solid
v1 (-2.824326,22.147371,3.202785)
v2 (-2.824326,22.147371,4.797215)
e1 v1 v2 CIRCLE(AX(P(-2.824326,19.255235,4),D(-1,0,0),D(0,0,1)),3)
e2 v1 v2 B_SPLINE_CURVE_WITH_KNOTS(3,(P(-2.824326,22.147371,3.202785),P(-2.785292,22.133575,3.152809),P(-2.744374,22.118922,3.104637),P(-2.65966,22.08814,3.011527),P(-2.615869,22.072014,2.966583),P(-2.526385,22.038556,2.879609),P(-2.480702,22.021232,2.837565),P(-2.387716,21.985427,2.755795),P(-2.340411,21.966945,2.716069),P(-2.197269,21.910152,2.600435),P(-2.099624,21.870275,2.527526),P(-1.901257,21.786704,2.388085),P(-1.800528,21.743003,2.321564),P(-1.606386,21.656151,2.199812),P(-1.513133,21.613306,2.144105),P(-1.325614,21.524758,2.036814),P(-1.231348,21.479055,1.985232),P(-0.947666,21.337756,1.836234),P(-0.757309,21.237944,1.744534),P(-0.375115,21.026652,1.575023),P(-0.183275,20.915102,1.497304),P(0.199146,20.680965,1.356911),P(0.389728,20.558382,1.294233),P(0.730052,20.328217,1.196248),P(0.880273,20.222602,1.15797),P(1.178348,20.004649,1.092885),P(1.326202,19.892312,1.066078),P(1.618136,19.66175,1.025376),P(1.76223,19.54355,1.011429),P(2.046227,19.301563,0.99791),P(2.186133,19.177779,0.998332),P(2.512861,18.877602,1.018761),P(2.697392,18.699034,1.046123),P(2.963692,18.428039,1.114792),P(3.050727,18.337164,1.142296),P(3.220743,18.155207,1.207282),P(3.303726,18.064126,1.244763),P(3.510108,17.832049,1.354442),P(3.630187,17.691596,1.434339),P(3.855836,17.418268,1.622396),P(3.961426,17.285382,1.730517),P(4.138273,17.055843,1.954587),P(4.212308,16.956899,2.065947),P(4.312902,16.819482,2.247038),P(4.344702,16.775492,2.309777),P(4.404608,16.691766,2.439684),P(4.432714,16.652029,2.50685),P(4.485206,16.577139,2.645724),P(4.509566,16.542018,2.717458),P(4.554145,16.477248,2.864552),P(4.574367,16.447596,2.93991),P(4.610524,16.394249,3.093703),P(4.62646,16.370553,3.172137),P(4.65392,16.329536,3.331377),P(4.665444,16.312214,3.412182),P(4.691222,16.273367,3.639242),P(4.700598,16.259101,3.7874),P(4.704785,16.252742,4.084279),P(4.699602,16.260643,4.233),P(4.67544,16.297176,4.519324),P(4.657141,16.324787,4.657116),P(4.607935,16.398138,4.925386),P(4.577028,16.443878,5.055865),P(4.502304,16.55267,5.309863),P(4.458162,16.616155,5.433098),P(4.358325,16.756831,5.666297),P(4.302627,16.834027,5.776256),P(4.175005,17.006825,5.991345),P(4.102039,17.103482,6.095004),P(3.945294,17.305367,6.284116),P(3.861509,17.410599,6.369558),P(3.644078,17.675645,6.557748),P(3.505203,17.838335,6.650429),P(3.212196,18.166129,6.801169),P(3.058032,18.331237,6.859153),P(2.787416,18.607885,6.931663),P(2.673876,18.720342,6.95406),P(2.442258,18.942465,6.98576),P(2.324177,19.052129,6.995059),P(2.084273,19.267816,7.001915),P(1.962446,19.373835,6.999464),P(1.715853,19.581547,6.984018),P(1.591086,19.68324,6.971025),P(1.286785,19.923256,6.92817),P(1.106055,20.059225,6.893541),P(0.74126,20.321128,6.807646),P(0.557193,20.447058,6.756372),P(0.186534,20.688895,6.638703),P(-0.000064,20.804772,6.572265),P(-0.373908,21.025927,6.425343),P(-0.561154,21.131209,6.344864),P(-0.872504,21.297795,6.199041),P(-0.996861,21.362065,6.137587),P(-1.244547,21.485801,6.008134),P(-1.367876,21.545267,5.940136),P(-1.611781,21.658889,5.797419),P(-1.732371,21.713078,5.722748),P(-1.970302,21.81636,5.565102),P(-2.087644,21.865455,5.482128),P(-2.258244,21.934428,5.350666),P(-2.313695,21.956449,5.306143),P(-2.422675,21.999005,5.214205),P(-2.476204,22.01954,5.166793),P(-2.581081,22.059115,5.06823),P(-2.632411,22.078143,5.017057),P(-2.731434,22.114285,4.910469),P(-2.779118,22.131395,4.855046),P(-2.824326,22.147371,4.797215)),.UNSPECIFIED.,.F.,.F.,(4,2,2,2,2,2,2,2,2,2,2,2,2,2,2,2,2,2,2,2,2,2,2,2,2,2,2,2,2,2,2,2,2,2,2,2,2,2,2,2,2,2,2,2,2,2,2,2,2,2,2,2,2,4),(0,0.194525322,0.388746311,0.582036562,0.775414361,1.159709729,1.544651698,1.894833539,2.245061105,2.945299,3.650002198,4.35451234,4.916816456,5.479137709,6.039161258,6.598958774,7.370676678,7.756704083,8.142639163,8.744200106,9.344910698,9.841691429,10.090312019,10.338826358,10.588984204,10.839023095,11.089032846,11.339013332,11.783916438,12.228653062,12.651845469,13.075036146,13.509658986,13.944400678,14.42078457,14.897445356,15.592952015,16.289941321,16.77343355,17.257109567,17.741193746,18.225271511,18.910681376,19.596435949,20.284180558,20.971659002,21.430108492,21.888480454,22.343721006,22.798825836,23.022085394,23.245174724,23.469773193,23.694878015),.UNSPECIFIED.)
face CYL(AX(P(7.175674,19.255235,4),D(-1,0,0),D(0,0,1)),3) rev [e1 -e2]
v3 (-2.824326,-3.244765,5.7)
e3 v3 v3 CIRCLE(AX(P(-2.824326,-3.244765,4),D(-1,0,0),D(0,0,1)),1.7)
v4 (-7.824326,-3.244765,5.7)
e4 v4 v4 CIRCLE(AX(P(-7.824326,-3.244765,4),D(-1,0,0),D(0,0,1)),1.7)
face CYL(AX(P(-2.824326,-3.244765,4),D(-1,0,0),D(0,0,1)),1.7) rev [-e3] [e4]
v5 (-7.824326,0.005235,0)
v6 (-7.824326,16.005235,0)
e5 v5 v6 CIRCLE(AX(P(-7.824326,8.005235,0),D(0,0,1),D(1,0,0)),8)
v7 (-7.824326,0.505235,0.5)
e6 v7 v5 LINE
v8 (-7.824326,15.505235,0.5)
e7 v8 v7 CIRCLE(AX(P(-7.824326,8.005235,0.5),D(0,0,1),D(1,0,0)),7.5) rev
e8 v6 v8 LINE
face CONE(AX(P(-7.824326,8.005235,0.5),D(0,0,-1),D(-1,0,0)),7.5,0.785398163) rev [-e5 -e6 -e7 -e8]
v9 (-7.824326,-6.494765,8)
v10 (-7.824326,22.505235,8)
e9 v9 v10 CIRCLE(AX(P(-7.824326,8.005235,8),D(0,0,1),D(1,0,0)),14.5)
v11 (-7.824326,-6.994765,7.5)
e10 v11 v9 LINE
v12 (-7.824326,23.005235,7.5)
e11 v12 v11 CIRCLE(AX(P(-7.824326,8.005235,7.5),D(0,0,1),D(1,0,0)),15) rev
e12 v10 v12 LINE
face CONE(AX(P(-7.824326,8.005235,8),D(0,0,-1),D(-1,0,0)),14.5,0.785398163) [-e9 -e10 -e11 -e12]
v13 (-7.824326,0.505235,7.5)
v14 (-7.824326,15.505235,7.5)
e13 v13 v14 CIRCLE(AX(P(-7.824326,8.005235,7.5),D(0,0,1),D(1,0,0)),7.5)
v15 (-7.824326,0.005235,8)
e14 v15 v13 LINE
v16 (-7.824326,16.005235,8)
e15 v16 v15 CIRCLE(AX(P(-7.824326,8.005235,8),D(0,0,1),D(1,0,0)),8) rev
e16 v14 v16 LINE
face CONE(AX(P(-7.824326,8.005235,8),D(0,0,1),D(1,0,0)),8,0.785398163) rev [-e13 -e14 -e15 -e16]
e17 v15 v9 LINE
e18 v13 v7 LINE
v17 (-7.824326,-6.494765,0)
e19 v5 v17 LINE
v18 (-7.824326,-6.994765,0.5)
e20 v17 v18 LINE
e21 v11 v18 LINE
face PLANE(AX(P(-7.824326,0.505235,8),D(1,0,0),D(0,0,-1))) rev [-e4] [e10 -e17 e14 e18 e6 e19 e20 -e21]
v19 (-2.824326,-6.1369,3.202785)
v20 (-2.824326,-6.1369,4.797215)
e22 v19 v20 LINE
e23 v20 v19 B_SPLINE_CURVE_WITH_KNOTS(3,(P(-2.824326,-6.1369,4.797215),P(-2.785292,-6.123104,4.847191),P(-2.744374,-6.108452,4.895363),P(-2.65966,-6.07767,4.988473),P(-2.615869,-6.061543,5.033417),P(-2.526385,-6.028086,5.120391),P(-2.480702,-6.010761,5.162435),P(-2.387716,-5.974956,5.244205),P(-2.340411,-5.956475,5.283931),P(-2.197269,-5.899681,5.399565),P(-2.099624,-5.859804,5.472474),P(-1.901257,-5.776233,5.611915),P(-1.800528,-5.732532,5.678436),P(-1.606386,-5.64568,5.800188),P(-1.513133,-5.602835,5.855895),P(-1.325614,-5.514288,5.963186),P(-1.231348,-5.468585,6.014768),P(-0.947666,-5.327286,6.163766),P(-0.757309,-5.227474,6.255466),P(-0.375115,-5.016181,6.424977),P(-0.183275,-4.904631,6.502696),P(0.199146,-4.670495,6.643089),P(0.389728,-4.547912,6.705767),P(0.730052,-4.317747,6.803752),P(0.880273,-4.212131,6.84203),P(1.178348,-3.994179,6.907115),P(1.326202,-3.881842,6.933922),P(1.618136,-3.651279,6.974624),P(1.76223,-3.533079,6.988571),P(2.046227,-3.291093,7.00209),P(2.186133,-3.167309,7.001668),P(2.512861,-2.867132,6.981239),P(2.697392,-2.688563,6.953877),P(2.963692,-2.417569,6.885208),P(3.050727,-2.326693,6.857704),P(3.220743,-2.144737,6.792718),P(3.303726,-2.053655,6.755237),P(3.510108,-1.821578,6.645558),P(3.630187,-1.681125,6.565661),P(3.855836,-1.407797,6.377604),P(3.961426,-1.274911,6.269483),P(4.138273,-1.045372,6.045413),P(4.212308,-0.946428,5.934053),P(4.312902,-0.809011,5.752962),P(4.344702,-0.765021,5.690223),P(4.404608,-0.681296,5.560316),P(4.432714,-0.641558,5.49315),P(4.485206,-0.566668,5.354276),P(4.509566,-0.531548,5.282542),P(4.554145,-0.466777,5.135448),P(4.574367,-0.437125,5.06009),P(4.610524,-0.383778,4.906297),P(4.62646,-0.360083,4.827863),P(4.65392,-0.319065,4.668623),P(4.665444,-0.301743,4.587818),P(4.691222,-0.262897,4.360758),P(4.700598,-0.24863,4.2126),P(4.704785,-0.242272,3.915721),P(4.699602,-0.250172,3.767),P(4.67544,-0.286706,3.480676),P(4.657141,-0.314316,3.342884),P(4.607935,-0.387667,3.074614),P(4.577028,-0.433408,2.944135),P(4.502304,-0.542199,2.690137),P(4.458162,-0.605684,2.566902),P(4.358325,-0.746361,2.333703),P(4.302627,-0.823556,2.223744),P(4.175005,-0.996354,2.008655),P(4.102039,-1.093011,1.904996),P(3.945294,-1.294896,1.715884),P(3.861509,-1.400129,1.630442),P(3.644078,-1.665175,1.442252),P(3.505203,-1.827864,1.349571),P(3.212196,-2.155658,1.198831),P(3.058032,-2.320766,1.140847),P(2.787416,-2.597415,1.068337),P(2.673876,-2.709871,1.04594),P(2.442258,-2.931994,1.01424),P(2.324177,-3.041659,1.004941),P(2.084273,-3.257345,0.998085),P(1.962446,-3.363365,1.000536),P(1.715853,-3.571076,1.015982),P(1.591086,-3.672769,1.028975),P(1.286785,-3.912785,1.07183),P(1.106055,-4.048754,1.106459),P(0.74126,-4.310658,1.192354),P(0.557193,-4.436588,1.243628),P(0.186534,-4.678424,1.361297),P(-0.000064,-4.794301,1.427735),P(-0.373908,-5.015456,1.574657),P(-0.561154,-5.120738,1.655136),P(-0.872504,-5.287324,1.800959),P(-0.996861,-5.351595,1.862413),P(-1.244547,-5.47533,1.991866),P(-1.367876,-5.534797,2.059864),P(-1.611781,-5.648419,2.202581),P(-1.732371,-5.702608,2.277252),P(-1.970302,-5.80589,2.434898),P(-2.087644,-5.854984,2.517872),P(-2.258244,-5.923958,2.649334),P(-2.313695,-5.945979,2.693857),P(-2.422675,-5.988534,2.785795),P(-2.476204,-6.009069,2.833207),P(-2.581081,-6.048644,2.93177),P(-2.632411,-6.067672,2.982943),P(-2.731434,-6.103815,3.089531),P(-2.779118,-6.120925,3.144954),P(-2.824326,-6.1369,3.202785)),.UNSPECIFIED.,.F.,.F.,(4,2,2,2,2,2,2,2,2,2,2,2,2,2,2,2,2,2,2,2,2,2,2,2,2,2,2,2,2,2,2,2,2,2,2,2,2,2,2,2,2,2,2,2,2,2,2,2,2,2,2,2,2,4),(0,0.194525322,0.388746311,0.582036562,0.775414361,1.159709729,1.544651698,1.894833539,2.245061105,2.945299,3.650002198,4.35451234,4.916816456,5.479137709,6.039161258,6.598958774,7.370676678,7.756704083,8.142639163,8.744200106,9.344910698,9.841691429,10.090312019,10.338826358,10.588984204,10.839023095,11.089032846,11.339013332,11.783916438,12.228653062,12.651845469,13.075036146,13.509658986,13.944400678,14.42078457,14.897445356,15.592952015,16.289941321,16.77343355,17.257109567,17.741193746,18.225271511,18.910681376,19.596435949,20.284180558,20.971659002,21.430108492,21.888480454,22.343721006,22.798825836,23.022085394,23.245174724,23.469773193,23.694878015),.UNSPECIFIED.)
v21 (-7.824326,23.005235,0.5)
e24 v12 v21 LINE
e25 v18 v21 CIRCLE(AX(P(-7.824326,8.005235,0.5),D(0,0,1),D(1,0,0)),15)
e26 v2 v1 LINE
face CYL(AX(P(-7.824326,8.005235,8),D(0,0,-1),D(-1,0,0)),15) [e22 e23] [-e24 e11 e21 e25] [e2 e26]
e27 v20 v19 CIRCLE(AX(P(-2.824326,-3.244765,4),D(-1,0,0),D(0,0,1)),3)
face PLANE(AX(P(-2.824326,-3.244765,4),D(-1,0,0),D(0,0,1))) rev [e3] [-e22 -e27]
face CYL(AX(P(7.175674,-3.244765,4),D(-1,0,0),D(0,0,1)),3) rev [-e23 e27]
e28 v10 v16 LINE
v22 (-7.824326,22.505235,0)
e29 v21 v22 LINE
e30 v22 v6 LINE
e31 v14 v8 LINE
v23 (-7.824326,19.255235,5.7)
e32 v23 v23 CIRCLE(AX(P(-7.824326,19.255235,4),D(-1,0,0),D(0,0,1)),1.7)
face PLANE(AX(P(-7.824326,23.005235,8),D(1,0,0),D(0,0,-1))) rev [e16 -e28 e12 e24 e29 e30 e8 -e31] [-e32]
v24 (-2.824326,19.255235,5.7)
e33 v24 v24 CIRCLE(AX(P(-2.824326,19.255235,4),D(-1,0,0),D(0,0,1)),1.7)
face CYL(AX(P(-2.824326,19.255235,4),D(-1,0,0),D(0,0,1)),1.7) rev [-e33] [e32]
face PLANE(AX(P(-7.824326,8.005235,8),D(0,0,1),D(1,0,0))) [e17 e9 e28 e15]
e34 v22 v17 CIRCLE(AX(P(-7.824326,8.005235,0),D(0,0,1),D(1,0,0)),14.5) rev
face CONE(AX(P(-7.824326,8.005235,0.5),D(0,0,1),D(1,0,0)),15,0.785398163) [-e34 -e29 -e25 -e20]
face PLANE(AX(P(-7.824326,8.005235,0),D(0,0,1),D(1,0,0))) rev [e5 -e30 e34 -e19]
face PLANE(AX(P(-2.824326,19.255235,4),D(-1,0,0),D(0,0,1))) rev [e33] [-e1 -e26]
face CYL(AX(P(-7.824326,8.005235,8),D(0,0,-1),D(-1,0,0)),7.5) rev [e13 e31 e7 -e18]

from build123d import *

# Parameters (mm, degrees)
EXTRUDE_1_DEPTH     = 8
CUT_EXTRUDE_START   = -5
SKETCH_2_R          = 3
CUT_EXTRUDE_1_DEPTH = 10
SKETCH_2_3_R        = 1.7
CUT_EXTRUDE_2_DEPTH = 5
SKETCH_3_R          = 1.7
CUT_EXTRUDE_4_DEPTH = 5
SKETCH_3_3_R        = 3
CUT_EXTRUDE_3_DEPTH = 10
CHAMFER_1_SIZE      = 0.5


with BuildPart() as part:
    # 草图1 → 凸台-拉伸1 (new body)
    with BuildSketch(Plane.XY):
        with BuildLine():
            Line((-7.824326088, 23.005235362), (-7.824326088, 15.505235362))
            ThreePointArc((-7.824326088, 15.505235362), (-0.324326088, 8.005235362), (-7.824326088, 0.505235362))
            Line((-7.824326088, 0.505235362), (-7.824326088, -6.994764638))
            ThreePointArc((-7.824326088, -6.994764638), (7.175673912, 8.005235362), (-7.824326088, 23.005235362))
        make_face()
    extrude(amount=EXTRUDE_1_DEPTH)

    # 草图2 → 切除-拉伸1 (cut)
    with BuildSketch(Plane.ZY.offset(7.824326088).offset(CUT_EXTRUDE_START)):
        with Locations((4, 19.255235362)):
            Circle(SKETCH_2_R)
    extrude(amount=-CUT_EXTRUDE_1_DEPTH, mode=Mode.SUBTRACT)

    # 草图2<3> → 切除-拉伸2 (cut)
    with BuildSketch(Plane.ZY.offset(7.824326088)):
        with Locations((4, 19.255235362)):
            Circle(SKETCH_2_3_R)
    extrude(amount=-CUT_EXTRUDE_2_DEPTH, mode=Mode.SUBTRACT)

    # 草图3 → 切除-拉伸4 (cut)
    with BuildSketch(Plane.ZY.offset(7.824326088)):
        with Locations((4, -3.244764638)):
            Circle(SKETCH_3_R)
    extrude(amount=-CUT_EXTRUDE_4_DEPTH, mode=Mode.SUBTRACT)

    # 草图3<3> → 切除-拉伸3 (cut)
    with BuildSketch(Plane.ZY.offset(7.824326088).offset(CUT_EXTRUDE_START)):
        with Locations((4, -3.244764638)):
            Circle(SKETCH_3_3_R)
    extrude(amount=-CUT_EXTRUDE_3_DEPTH, mode=Mode.SUBTRACT)

    # 倒角1
    chamfer_1_edges = [part.edges().sort_by_distance(p)[0] for p in [
        (7.175673912, 8.005235362, 8),
        (-0.324326088, 8.005235362, 8),
        (7.175673912, 8.005235362, 0),
        (-0.324326088, 8.005235362, 0),
    ]]
    chamfer(chamfer_1_edges, length=CHAMFER_1_SIZE)


solid = part.part
